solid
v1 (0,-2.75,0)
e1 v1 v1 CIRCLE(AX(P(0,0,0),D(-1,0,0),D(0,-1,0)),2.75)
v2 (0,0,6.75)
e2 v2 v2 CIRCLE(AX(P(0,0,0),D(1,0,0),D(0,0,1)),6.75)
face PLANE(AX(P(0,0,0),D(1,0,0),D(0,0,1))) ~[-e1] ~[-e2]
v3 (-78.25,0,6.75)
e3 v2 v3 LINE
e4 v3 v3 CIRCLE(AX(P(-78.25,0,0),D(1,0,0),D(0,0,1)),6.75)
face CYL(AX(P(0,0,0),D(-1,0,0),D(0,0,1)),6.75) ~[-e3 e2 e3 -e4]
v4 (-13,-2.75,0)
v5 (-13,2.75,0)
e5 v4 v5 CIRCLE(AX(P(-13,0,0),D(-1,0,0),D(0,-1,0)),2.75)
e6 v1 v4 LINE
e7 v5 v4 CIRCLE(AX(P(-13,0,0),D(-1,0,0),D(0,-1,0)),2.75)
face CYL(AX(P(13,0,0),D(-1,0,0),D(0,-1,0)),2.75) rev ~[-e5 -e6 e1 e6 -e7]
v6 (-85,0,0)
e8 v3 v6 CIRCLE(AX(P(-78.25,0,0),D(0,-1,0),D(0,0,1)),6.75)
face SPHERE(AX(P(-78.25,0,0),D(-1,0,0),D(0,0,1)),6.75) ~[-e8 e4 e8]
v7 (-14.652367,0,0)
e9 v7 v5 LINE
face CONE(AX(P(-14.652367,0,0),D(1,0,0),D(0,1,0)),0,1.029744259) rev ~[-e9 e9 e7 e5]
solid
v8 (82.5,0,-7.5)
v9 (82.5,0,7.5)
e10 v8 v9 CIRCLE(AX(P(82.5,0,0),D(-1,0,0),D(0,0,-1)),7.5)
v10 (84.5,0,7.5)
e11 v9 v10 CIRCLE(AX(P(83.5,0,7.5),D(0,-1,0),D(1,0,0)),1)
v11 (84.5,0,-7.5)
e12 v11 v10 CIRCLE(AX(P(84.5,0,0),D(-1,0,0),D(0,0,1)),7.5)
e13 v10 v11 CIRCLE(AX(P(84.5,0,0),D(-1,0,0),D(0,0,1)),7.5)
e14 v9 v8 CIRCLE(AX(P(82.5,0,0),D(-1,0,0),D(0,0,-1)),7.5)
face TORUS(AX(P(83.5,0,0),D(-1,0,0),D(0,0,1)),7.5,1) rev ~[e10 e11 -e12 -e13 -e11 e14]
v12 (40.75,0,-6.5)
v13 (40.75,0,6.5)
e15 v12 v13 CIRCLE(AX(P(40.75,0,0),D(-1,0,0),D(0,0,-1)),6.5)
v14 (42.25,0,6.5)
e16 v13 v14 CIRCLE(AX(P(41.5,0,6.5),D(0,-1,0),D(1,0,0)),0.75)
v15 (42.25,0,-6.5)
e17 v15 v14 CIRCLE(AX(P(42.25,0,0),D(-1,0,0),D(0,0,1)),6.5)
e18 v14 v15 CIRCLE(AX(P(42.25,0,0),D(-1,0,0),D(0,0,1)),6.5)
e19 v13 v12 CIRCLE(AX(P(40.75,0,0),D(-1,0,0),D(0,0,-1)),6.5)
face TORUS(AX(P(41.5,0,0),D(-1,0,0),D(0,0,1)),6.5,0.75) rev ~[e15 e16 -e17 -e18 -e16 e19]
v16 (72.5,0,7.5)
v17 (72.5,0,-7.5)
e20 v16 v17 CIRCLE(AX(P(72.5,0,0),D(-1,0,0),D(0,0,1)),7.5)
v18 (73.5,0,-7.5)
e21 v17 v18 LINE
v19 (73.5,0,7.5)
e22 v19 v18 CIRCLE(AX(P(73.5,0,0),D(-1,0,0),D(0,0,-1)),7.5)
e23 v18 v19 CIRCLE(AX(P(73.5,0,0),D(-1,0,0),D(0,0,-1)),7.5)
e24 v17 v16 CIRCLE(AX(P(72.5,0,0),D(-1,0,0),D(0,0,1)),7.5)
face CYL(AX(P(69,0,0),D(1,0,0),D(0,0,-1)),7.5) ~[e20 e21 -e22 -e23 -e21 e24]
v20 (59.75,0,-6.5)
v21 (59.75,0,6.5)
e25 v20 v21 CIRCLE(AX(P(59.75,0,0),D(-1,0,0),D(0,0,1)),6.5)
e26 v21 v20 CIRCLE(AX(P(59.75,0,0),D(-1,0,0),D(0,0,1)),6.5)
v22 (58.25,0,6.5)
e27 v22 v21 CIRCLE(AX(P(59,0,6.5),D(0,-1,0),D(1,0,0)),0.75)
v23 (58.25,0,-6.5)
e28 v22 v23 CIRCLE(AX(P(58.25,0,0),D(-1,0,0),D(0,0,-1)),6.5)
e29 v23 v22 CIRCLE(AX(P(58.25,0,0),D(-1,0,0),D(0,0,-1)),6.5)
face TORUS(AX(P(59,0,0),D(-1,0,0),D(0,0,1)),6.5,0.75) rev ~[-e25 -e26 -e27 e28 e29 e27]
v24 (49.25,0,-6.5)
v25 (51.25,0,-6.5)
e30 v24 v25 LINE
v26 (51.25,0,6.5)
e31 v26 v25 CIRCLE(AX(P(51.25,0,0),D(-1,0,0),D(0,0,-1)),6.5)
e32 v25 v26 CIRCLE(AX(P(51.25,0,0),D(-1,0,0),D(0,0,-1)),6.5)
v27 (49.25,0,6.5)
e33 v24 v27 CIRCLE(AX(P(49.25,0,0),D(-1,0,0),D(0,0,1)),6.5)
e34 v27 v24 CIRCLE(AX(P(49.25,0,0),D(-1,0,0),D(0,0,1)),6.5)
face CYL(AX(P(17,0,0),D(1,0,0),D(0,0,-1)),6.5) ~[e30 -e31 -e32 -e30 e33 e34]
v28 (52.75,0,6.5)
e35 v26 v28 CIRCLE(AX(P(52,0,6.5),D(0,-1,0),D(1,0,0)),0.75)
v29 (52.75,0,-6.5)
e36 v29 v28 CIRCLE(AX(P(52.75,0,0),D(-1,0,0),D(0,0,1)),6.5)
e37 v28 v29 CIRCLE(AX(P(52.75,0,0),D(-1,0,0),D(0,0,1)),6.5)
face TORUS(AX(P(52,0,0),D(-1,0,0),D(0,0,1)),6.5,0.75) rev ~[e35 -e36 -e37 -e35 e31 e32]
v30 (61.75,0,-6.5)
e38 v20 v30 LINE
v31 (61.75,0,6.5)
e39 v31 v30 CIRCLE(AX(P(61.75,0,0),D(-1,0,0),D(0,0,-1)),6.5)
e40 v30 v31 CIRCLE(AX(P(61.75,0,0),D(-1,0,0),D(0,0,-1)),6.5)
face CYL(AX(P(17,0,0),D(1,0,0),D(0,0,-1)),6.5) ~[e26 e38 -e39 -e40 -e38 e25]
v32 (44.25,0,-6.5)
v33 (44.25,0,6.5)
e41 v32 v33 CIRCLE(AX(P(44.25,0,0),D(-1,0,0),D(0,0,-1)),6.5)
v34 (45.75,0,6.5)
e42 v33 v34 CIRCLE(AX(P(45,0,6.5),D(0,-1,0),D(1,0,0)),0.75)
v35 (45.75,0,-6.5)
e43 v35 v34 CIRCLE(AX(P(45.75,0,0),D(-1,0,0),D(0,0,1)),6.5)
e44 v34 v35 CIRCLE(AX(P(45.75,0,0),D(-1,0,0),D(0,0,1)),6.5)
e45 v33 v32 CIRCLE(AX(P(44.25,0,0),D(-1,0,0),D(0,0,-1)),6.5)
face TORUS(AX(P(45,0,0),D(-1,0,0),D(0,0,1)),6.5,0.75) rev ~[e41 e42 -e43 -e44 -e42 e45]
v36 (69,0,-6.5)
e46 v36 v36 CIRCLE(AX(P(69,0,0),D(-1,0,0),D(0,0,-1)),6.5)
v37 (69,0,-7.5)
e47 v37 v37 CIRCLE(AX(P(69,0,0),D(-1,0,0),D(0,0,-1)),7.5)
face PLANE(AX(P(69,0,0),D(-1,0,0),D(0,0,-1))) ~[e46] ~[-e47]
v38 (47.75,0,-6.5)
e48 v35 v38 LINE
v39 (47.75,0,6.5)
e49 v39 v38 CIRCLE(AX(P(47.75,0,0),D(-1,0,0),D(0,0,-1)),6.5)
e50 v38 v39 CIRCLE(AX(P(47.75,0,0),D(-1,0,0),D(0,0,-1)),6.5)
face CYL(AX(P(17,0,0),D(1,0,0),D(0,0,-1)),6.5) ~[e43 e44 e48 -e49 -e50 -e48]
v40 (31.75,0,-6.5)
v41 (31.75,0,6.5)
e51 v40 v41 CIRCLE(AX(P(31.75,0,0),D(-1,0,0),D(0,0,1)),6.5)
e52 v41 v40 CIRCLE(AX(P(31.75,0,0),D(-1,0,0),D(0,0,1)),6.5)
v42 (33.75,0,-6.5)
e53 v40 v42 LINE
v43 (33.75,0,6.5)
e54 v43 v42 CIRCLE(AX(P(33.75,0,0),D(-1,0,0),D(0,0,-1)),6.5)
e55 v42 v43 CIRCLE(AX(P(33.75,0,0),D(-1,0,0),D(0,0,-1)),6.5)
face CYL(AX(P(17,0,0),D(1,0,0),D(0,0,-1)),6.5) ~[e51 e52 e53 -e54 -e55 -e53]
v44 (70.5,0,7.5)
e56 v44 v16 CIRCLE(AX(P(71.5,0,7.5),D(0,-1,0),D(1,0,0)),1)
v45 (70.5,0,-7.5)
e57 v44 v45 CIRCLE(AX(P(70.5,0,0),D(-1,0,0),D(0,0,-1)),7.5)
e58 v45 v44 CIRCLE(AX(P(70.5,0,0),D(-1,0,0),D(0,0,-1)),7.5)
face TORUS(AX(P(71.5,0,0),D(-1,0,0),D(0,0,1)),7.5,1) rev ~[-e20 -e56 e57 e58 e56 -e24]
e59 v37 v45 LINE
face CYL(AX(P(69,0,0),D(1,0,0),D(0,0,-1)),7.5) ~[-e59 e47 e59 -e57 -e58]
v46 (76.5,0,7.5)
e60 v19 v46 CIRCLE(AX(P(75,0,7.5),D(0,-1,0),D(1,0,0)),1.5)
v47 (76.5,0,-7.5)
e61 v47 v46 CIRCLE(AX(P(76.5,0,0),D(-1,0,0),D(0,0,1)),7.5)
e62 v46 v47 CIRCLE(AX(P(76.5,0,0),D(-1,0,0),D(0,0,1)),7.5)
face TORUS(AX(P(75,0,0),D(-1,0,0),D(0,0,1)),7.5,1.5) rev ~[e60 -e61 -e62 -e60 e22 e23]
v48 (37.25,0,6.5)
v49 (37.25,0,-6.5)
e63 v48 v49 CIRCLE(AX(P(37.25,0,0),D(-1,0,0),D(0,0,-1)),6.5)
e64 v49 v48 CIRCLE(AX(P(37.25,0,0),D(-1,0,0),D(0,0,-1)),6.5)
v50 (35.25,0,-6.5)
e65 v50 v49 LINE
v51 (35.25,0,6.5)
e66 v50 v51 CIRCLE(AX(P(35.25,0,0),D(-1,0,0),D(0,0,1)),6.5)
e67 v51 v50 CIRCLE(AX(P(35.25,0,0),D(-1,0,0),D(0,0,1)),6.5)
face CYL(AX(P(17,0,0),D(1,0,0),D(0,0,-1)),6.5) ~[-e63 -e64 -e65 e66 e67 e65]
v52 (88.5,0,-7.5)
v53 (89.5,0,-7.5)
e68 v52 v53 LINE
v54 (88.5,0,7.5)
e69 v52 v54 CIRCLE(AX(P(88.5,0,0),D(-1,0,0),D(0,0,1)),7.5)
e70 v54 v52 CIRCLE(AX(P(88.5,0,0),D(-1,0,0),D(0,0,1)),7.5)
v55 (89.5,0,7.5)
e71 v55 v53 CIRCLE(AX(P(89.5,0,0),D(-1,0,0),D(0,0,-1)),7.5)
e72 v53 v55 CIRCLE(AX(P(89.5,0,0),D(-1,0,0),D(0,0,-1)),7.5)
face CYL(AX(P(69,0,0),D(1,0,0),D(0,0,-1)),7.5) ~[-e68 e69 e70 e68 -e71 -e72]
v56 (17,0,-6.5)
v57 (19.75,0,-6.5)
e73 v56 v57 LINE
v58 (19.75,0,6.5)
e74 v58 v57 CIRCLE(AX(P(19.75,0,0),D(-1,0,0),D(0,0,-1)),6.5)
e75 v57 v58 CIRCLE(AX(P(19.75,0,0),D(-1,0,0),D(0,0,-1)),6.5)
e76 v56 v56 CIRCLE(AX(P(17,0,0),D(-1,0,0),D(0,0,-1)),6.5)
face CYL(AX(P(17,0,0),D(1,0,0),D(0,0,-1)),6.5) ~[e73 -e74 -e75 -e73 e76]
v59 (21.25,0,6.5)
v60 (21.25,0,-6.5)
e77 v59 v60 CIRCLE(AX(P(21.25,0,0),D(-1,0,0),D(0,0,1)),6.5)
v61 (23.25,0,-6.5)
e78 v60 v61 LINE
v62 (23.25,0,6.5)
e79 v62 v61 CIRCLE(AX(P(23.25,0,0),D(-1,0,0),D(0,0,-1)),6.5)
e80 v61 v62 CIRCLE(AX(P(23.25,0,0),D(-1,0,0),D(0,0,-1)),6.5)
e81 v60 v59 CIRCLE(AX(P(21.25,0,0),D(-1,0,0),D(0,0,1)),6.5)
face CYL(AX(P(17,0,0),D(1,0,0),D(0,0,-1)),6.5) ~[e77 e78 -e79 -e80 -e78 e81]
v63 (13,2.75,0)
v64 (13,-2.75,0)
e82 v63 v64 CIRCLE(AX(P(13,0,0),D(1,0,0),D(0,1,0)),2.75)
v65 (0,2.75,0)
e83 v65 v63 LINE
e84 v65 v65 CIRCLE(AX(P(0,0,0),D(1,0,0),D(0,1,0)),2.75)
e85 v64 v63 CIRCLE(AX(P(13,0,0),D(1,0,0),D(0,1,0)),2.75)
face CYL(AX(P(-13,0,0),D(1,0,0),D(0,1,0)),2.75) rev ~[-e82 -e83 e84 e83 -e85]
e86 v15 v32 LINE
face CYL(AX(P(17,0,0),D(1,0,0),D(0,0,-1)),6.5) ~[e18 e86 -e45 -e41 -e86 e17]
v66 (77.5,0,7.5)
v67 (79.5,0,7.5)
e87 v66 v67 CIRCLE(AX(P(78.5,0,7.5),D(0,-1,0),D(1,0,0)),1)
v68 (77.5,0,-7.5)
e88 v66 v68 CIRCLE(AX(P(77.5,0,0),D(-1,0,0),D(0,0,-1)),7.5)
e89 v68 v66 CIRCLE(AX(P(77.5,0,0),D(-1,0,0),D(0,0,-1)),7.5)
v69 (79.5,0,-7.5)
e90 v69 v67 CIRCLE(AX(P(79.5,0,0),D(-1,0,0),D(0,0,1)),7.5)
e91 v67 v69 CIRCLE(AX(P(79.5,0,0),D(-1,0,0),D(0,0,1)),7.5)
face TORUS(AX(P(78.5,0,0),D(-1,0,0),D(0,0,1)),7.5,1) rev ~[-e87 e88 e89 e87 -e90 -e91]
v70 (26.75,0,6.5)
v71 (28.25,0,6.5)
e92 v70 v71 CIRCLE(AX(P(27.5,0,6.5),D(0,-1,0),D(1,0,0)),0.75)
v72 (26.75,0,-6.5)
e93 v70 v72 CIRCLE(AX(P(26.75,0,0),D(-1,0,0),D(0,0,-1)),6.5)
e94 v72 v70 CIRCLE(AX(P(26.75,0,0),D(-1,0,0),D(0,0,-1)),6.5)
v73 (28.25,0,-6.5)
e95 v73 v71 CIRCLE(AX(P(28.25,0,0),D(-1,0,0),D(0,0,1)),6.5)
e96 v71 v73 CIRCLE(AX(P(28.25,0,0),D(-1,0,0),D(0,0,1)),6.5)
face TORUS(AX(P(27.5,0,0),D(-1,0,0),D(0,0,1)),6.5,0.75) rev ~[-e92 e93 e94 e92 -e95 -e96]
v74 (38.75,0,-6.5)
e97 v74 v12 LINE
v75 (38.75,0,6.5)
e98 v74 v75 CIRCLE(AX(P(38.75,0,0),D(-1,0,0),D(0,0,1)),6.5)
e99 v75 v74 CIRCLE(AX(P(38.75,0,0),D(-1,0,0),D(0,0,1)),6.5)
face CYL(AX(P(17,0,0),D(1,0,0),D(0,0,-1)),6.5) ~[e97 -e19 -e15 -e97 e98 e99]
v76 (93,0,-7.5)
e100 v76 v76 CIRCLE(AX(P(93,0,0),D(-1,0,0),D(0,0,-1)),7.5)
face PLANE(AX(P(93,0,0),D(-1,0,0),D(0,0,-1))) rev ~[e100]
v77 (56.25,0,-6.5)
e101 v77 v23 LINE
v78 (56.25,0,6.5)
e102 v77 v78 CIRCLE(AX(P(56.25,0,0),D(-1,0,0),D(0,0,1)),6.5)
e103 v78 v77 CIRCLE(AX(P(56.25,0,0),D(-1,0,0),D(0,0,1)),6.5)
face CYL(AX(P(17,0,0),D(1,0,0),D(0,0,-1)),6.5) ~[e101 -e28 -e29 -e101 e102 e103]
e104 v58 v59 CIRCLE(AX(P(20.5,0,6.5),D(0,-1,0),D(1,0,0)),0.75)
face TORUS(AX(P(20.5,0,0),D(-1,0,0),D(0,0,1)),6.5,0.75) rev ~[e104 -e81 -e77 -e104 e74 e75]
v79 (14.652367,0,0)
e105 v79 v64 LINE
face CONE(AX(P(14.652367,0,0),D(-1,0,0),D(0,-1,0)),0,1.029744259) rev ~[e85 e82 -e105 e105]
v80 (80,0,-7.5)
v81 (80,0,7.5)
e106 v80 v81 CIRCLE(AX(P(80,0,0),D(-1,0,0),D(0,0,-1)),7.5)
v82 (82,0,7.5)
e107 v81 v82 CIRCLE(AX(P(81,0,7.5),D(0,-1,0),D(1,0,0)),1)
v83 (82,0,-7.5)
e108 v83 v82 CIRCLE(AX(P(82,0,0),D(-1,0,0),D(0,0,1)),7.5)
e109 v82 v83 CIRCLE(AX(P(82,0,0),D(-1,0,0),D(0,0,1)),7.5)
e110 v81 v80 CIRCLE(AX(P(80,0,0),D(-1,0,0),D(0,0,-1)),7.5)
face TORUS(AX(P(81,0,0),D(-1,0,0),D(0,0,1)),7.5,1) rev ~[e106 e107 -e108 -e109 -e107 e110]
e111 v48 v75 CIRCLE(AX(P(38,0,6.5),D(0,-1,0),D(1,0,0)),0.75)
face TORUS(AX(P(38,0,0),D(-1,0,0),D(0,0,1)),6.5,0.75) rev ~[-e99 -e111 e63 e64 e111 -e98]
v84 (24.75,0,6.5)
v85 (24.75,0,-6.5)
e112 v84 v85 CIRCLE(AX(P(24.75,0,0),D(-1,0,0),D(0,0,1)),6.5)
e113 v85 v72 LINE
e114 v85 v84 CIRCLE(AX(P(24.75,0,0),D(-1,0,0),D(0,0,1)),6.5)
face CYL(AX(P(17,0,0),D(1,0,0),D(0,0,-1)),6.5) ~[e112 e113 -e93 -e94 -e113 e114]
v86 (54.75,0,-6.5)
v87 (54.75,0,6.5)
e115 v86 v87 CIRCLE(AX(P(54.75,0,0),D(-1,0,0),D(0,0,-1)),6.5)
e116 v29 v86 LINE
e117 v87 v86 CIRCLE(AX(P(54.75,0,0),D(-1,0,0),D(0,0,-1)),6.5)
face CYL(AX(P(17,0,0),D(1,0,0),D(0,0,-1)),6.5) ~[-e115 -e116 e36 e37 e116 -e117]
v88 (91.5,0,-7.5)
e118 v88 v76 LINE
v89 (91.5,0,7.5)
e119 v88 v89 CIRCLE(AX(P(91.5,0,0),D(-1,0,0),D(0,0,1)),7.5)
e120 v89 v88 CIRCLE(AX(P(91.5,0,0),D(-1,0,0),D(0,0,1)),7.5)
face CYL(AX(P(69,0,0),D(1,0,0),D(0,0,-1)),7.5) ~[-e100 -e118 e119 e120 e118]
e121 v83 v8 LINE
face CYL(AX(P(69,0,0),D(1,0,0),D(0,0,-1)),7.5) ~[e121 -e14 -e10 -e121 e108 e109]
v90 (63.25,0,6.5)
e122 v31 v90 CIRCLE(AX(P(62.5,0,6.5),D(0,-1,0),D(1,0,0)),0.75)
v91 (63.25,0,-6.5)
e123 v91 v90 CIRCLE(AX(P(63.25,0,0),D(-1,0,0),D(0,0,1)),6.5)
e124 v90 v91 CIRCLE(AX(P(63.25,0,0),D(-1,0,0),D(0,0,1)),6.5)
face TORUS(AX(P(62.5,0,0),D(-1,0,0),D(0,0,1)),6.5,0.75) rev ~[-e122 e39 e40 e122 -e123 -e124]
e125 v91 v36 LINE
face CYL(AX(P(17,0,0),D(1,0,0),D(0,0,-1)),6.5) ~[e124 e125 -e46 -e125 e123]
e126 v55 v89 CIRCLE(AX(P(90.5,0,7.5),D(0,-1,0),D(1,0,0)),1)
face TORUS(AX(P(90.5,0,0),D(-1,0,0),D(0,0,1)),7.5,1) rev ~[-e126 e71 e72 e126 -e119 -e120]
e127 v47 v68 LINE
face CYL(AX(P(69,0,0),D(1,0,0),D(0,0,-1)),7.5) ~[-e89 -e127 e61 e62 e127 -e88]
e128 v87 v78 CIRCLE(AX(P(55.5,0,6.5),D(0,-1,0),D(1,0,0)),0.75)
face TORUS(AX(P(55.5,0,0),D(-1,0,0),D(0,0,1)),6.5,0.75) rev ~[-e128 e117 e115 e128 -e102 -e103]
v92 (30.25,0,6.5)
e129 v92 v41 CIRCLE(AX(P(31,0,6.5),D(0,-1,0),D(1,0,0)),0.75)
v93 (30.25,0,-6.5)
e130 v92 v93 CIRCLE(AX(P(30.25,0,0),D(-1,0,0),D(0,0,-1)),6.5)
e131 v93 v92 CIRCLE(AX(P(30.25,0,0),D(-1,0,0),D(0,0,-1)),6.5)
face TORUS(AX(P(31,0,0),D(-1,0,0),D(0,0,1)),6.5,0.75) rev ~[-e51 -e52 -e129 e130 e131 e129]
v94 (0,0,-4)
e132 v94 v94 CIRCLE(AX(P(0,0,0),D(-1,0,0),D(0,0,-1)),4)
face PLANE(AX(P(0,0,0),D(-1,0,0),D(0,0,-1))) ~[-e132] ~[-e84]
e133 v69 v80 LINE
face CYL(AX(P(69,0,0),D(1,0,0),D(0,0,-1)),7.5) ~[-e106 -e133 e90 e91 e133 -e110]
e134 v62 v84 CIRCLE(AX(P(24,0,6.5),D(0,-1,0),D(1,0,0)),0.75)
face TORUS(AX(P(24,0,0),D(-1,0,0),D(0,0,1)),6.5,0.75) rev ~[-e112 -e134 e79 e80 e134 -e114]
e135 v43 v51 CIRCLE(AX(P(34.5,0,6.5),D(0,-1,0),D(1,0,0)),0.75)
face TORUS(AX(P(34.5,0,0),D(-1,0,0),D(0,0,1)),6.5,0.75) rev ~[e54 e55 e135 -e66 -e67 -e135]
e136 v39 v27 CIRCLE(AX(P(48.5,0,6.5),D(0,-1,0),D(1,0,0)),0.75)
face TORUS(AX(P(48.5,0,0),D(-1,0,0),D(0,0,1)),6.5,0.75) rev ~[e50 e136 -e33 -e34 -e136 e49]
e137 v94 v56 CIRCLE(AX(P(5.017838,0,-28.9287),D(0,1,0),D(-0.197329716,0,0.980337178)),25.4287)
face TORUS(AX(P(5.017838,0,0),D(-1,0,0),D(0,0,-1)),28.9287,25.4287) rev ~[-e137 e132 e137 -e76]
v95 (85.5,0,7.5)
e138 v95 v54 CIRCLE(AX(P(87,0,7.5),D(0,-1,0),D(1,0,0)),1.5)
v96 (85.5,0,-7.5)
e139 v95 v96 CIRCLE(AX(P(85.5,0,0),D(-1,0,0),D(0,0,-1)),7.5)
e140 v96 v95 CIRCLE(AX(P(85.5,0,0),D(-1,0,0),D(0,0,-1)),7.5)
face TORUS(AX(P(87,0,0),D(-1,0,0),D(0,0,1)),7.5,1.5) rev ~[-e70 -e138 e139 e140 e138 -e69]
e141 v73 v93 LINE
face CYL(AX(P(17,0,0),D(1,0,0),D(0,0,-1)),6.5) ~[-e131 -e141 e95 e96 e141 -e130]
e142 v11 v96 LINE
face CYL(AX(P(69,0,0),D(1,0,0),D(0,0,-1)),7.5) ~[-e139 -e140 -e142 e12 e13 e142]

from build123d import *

# Parameters (mm, degrees)
F2_R     = 0.75
F2_R_2   = 1
F2_R_3   = 1.5
F5_D     = 5.5
F5_DEPTH = 13
F5_TIP   = 1.6523667023
F9_D     = 5.5
F9_DEPTH = 13
F9_TIP   = 1.6523667023


with BuildPart() as f1:
    # F0 (on Front) → F1 (revolve)
    with BuildSketch(Plane.XZ):
        with BuildLine():
            Line((93, 0), (0, 0))
            Line((0, 0), (0, -4))
            ThreePointArc((0, -4), (8.717561271, -3.7705833569), (17, -6.5))
            Line((17, -6.5), (69, -6.5))
            Line((69, -6.5), (69, -7.5))
            Line((69, -7.5), (93, -7.5))
            Line((93, -7.5), (93, 0))
        make_face()
    revolve(axis=Axis((46.5, 0, 0), (-1, 0, 0)))

    # F2 (on Front) → F3 (revolve, cut)
    with BuildSketch(Plane.XZ):
        with Locations((20.5, 6.5)):
            Circle(F2_R)
        with Locations((24, 6.5)):
            Circle(F2_R)
        with Locations((27.5, 6.5)):
            Circle(F2_R)
        with Locations((31, 6.5)):
            Circle(F2_R)
        with Locations((34.5, 6.5)):
            Circle(F2_R)
        with Locations((38, 6.5)):
            Circle(F2_R)
        with Locations((41.5, 6.5)):
            Circle(F2_R)
        with Locations((45, 6.5)):
            Circle(F2_R)
        with Locations((48.5, 6.5)):
            Circle(F2_R)
        with Locations((52, 6.5)):
            Circle(F2_R)
        with Locations((55.5, 6.5)):
            Circle(F2_R)
        with Locations((59, 6.5)):
            Circle(F2_R)
        with Locations((62.5, 6.5)):
            Circle(F2_R)
        with Locations((71.5, 7.5)):
            Circle(F2_R_2)
        with Locations((75, 7.5)):
            Circle(F2_R_3)
        with Locations((78.5, 7.5)):
            Circle(F2_R_2)
        with Locations((81, 7.5)):
            Circle(F2_R_2)
        with Locations((83.5, 7.5)):
            Circle(F2_R_2)
        with Locations((87, 7.5)):
            Circle(F2_R_3)
        with Locations((90.5, 7.5)):
            Circle(F2_R_2)
    revolve(axis=Axis((46.5, 0, 0), (-1, 0, 0)), mode=Mode.SUBTRACT)

    # F5
    with Locations(Plane(origin=(0, 0, 0), x_dir=(0, -1, 0), z_dir=(-1, 0, 0))):
        with Locations((0, 0)):
            Hole(F5_D / 2, depth=F5_DEPTH)
            with Locations((0, 0, -(F5_DEPTH + F5_TIP / 2))):  # 118° drill point
                Cone(0, F5_D / 2, F5_TIP, mode=Mode.SUBTRACT)


with BuildPart() as f7:
    # F6 (on Front) → F7 (revolve)
    with BuildSketch(Plane.XZ):
        with BuildLine():
            Line((-85, 0), (0, 0))
            Line((0, 0), (0, 6.75))
            Line((0, 6.75), (-78.25, 6.75))
            ThreePointArc((-78.25, 6.75), (-83.022970773, 4.772970773), (-85, 0))
        make_face()
    revolve(axis=Axis((-42.5, 0, 0), (1, 0, 0)))

    # F9
    with Locations(Plane.YZ):
        with Locations((0, 0)):
            Hole(F9_D / 2, depth=F9_DEPTH)
            with Locations((0, 0, -(F9_DEPTH + F9_TIP / 2))):  # 118° drill point
                Cone(0, F9_D / 2, F9_TIP, mode=Mode.SUBTRACT)


solid = Compound([f1.part, f7.part])
